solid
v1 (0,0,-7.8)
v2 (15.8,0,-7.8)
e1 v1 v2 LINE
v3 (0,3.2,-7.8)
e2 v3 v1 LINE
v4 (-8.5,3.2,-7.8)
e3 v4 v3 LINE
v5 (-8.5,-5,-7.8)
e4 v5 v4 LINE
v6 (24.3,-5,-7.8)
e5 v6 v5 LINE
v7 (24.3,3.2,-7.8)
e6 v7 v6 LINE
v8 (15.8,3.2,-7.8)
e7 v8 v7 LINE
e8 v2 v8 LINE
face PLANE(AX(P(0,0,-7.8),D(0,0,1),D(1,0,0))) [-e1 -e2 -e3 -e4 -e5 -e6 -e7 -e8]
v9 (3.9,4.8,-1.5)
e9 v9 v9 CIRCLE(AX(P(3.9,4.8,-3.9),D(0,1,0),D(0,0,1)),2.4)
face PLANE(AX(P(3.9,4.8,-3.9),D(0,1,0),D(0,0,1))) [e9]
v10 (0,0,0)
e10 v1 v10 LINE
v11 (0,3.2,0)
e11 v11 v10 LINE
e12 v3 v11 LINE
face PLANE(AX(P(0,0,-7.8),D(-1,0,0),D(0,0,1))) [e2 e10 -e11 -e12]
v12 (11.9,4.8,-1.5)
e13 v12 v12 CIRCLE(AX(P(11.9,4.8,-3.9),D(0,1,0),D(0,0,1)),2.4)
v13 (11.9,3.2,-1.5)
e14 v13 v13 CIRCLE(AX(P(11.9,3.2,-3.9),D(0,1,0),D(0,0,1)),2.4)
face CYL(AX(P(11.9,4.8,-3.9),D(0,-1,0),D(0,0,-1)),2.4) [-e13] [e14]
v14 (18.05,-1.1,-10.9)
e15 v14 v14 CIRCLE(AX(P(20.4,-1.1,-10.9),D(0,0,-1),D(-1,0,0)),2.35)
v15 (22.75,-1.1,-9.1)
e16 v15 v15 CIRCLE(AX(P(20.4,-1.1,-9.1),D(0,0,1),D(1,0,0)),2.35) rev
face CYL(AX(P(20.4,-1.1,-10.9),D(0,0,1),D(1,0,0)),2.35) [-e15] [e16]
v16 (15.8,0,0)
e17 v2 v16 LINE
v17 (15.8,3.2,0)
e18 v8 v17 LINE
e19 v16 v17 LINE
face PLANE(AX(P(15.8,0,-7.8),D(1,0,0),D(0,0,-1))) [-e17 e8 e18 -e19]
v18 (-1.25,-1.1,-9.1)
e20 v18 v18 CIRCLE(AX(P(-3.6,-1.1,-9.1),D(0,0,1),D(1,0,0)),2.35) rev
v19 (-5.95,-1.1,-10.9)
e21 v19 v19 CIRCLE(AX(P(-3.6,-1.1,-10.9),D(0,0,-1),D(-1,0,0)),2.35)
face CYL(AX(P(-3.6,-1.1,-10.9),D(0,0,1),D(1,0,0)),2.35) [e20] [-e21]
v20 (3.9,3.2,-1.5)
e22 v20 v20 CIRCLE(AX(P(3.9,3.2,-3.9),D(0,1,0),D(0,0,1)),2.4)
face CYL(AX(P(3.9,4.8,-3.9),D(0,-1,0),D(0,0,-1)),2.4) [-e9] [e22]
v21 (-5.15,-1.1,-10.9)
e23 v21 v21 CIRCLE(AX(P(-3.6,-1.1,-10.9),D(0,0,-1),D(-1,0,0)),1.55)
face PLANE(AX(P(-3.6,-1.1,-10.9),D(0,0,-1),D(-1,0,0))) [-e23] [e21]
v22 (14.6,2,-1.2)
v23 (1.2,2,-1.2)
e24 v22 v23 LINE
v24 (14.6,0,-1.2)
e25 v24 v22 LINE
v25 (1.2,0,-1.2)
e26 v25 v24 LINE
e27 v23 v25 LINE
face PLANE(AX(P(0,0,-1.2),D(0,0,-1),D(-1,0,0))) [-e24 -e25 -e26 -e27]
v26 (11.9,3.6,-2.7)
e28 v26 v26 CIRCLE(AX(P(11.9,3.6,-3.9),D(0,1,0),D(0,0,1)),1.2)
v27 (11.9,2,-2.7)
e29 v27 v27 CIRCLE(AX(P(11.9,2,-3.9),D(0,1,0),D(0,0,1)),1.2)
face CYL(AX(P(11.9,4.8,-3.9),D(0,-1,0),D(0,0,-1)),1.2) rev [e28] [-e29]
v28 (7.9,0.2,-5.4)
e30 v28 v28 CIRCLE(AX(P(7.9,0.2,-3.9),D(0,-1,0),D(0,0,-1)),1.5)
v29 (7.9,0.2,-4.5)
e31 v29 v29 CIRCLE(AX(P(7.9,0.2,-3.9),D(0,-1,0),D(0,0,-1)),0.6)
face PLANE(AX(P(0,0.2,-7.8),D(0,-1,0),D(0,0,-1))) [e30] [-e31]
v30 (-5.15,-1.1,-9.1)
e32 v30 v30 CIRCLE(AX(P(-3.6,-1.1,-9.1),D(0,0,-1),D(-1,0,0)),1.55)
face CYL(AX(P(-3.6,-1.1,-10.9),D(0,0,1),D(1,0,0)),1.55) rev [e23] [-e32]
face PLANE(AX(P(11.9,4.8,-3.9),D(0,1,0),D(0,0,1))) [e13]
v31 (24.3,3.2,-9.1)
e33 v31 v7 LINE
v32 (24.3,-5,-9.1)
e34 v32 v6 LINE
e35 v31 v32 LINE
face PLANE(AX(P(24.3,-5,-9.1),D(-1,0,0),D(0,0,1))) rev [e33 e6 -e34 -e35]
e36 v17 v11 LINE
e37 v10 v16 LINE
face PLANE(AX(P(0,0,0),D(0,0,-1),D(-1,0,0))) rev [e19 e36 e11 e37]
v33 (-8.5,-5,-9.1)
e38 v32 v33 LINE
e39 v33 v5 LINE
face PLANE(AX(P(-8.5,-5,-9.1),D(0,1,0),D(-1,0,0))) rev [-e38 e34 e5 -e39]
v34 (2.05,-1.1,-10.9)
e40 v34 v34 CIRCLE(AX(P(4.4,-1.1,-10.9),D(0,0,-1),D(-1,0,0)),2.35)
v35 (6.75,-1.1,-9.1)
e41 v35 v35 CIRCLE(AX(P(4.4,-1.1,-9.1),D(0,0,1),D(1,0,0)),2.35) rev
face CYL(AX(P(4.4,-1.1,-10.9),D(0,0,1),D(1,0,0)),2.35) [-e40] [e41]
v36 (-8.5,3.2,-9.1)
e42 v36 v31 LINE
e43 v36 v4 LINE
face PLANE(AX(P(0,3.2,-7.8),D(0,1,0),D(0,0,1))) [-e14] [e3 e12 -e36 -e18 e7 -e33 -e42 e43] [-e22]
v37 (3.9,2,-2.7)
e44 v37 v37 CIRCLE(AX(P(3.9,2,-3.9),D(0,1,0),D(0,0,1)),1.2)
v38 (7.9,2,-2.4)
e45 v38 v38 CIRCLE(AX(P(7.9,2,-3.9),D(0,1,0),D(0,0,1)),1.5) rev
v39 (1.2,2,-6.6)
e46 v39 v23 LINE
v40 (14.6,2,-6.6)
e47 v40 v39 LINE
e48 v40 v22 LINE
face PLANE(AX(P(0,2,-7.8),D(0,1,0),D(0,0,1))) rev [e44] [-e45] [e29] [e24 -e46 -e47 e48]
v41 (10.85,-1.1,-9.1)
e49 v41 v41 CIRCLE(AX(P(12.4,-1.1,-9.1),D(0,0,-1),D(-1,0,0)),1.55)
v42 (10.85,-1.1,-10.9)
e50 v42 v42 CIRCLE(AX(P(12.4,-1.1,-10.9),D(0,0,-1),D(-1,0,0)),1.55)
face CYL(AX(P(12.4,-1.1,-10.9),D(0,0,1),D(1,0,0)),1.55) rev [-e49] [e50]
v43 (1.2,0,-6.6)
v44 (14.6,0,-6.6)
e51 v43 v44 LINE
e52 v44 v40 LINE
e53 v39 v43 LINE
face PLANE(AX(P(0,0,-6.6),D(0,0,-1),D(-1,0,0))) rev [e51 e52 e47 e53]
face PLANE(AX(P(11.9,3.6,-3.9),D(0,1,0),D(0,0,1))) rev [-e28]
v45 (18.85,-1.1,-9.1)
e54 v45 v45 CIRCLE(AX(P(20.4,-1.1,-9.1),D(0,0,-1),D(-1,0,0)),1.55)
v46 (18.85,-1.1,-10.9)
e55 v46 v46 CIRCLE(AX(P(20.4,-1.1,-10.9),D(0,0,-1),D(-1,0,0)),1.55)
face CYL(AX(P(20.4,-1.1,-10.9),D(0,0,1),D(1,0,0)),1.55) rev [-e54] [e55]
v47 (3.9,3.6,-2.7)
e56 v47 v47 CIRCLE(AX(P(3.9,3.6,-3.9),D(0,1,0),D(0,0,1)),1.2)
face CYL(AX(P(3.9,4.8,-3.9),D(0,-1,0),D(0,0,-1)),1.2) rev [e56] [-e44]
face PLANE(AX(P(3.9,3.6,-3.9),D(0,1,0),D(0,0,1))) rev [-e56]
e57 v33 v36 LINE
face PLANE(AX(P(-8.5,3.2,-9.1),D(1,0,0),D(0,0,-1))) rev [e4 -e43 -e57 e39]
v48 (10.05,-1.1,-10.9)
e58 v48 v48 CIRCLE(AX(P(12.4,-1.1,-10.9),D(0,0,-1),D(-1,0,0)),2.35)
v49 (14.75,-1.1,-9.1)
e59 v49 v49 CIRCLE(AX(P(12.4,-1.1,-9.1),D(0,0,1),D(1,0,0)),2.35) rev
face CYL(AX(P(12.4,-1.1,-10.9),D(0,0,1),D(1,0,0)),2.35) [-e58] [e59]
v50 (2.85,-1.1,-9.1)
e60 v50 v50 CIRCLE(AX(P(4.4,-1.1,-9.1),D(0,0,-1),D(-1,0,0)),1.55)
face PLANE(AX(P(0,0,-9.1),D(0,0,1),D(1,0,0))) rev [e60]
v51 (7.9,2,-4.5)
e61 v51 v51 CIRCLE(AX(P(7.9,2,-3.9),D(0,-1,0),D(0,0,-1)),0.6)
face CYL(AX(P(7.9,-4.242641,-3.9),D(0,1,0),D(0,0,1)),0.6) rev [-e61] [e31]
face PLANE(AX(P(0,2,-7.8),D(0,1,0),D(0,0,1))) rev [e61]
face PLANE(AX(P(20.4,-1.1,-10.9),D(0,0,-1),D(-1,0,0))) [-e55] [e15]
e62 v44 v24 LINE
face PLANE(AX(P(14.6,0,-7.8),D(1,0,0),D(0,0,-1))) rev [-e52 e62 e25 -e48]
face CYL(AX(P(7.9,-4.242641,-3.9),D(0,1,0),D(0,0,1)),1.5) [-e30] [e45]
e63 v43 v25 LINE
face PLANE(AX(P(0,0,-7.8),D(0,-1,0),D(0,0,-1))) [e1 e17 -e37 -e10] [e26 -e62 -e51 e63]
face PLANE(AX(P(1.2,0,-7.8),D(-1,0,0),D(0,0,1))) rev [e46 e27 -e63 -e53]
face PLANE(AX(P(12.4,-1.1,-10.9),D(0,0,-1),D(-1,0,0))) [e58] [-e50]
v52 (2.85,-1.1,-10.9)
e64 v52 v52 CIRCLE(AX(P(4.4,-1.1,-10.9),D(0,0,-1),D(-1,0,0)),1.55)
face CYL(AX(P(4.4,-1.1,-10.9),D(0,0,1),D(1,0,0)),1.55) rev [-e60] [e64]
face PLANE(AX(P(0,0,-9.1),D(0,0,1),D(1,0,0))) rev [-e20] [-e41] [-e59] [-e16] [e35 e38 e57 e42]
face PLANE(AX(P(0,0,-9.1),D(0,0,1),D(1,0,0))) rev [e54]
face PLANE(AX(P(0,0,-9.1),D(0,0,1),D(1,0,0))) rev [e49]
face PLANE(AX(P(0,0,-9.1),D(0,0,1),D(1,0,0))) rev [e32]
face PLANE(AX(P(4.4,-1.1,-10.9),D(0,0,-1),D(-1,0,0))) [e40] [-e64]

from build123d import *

# Parameters (mm, degrees)
SKETCH1_W            = 15.8
SKETCH1_H            = 3.2
BOSS_EXTRUDE1_DEPTH  = 7.8
SKETCH2_R            = 2.4
BOSS_EXTRUDE2_DEPTH  = 1.6
LPATTERN1_COUNT      = 2
LPATTERN1_PITCH      = 8
LPATTERN1_COUNT_DIR2 = 4
LPATTERN1_PITCH_DIR2 = 8
SHELL1_T             = -1.2
SKETCH3_R            = 1.5
SKETCH3_R_2          = 0.6
BOSS_EXTRUDE3_DEPTH  = 1.8
SKETCH4_W            = 32.8
SKETCH4_H            = 8.2
BOSS_EXTRUDE4_DEPTH  = 1.3
SKETCH5_R            = 2.35
SKETCH5_R_2          = 1.55
BOSS_EXTRUDE5_DEPTH  = 1.8
LPATTERN2_COUNT      = 4
LPATTERN2_PITCH      = 8


with BuildPart() as part:
    # Sketch1 → Boss-Extrude1 (new body)
    with BuildSketch(Plane.XY):
        with Locations((7.9, 1.6)):
            Rectangle(SKETCH1_W, SKETCH1_H)
    extrude(amount=-BOSS_EXTRUDE1_DEPTH)

    # Sketch2 → Boss-Extrude2 (add)
    with BuildSketch(Plane(origin=(0, 3.2, 0), x_dir=(1, 0, 0), z_dir=(0, 1, 0))):
        with Locations(Location((3.9, 3.9, 0), (0, 0, 270))):
            Circle(SKETCH2_R)
    boss_extrude2 = extrude(amount=BOSS_EXTRUDE2_DEPTH)

    # LPattern1: Boss-Extrude2 2 × 4, 6 skipped
    with Locations(*[(j * LPATTERN1_PITCH_DIR2, 0, i * LPATTERN1_PITCH) for i in range(LPATTERN1_COUNT) for j in range(LPATTERN1_COUNT_DIR2) if (i, j) not in ((0, 0), (0, 2), (0, 3), (1, 0), (1, 1), (1, 2), (1, 3))]):
        add(boss_extrude2)

    # Shell1
    shell1_openings = [part.faces().sort_by_distance(p)[0] for p in [
        (7.9, 0, -3.9),
    ]]
    offset(amount=SHELL1_T, openings=shell1_openings, kind=Kind.INTERSECTION)

    # Sketch3 → Boss-Extrude3 (add)
    with BuildSketch(Plane.XZ.offset(-2)):
        with Locations(Location((7.9, -3.9, 0), (0, 0, 90))):
            Circle(SKETCH3_R)
        with Locations(Location((7.9, -3.9, 0), (0, 0, 270))):
            Circle(SKETCH3_R_2, mode=Mode.SUBTRACT)
    extrude(amount=BOSS_EXTRUDE3_DEPTH)

    # Sketch4 → Boss-Extrude4 (add)
    with BuildSketch(Plane(origin=(0, 0, -7.8), x_dir=(-1, 0, 0), z_dir=(0, 0, -1))):
        with Locations((-7.9, -0.9)):
            Rectangle(SKETCH4_W, SKETCH4_H)
    extrude(amount=BOSS_EXTRUDE4_DEPTH)

    # Sketch5 → Boss-Extrude5 (add)
    with BuildSketch(Plane(origin=(0, 0, -9.1), x_dir=(-1, 0, 0), z_dir=(0, 0, -1))):
        with Locations(Location((-20.4, -1.1, 0), (0, 0, 180))):
            Circle(SKETCH5_R)
        with Locations((-20.4, -1.1)):
            Circle(SKETCH5_R_2, mode=Mode.SUBTRACT)
    boss_extrude5 = extrude(amount=BOSS_EXTRUDE5_DEPTH)

    # LPattern2: Boss-Extrude5 ×4
    with Locations(*[(-i * LPATTERN2_PITCH, 0, 0) for i in range(1, LPATTERN2_COUNT)]):
        add(boss_extrude5)


solid = part.part
